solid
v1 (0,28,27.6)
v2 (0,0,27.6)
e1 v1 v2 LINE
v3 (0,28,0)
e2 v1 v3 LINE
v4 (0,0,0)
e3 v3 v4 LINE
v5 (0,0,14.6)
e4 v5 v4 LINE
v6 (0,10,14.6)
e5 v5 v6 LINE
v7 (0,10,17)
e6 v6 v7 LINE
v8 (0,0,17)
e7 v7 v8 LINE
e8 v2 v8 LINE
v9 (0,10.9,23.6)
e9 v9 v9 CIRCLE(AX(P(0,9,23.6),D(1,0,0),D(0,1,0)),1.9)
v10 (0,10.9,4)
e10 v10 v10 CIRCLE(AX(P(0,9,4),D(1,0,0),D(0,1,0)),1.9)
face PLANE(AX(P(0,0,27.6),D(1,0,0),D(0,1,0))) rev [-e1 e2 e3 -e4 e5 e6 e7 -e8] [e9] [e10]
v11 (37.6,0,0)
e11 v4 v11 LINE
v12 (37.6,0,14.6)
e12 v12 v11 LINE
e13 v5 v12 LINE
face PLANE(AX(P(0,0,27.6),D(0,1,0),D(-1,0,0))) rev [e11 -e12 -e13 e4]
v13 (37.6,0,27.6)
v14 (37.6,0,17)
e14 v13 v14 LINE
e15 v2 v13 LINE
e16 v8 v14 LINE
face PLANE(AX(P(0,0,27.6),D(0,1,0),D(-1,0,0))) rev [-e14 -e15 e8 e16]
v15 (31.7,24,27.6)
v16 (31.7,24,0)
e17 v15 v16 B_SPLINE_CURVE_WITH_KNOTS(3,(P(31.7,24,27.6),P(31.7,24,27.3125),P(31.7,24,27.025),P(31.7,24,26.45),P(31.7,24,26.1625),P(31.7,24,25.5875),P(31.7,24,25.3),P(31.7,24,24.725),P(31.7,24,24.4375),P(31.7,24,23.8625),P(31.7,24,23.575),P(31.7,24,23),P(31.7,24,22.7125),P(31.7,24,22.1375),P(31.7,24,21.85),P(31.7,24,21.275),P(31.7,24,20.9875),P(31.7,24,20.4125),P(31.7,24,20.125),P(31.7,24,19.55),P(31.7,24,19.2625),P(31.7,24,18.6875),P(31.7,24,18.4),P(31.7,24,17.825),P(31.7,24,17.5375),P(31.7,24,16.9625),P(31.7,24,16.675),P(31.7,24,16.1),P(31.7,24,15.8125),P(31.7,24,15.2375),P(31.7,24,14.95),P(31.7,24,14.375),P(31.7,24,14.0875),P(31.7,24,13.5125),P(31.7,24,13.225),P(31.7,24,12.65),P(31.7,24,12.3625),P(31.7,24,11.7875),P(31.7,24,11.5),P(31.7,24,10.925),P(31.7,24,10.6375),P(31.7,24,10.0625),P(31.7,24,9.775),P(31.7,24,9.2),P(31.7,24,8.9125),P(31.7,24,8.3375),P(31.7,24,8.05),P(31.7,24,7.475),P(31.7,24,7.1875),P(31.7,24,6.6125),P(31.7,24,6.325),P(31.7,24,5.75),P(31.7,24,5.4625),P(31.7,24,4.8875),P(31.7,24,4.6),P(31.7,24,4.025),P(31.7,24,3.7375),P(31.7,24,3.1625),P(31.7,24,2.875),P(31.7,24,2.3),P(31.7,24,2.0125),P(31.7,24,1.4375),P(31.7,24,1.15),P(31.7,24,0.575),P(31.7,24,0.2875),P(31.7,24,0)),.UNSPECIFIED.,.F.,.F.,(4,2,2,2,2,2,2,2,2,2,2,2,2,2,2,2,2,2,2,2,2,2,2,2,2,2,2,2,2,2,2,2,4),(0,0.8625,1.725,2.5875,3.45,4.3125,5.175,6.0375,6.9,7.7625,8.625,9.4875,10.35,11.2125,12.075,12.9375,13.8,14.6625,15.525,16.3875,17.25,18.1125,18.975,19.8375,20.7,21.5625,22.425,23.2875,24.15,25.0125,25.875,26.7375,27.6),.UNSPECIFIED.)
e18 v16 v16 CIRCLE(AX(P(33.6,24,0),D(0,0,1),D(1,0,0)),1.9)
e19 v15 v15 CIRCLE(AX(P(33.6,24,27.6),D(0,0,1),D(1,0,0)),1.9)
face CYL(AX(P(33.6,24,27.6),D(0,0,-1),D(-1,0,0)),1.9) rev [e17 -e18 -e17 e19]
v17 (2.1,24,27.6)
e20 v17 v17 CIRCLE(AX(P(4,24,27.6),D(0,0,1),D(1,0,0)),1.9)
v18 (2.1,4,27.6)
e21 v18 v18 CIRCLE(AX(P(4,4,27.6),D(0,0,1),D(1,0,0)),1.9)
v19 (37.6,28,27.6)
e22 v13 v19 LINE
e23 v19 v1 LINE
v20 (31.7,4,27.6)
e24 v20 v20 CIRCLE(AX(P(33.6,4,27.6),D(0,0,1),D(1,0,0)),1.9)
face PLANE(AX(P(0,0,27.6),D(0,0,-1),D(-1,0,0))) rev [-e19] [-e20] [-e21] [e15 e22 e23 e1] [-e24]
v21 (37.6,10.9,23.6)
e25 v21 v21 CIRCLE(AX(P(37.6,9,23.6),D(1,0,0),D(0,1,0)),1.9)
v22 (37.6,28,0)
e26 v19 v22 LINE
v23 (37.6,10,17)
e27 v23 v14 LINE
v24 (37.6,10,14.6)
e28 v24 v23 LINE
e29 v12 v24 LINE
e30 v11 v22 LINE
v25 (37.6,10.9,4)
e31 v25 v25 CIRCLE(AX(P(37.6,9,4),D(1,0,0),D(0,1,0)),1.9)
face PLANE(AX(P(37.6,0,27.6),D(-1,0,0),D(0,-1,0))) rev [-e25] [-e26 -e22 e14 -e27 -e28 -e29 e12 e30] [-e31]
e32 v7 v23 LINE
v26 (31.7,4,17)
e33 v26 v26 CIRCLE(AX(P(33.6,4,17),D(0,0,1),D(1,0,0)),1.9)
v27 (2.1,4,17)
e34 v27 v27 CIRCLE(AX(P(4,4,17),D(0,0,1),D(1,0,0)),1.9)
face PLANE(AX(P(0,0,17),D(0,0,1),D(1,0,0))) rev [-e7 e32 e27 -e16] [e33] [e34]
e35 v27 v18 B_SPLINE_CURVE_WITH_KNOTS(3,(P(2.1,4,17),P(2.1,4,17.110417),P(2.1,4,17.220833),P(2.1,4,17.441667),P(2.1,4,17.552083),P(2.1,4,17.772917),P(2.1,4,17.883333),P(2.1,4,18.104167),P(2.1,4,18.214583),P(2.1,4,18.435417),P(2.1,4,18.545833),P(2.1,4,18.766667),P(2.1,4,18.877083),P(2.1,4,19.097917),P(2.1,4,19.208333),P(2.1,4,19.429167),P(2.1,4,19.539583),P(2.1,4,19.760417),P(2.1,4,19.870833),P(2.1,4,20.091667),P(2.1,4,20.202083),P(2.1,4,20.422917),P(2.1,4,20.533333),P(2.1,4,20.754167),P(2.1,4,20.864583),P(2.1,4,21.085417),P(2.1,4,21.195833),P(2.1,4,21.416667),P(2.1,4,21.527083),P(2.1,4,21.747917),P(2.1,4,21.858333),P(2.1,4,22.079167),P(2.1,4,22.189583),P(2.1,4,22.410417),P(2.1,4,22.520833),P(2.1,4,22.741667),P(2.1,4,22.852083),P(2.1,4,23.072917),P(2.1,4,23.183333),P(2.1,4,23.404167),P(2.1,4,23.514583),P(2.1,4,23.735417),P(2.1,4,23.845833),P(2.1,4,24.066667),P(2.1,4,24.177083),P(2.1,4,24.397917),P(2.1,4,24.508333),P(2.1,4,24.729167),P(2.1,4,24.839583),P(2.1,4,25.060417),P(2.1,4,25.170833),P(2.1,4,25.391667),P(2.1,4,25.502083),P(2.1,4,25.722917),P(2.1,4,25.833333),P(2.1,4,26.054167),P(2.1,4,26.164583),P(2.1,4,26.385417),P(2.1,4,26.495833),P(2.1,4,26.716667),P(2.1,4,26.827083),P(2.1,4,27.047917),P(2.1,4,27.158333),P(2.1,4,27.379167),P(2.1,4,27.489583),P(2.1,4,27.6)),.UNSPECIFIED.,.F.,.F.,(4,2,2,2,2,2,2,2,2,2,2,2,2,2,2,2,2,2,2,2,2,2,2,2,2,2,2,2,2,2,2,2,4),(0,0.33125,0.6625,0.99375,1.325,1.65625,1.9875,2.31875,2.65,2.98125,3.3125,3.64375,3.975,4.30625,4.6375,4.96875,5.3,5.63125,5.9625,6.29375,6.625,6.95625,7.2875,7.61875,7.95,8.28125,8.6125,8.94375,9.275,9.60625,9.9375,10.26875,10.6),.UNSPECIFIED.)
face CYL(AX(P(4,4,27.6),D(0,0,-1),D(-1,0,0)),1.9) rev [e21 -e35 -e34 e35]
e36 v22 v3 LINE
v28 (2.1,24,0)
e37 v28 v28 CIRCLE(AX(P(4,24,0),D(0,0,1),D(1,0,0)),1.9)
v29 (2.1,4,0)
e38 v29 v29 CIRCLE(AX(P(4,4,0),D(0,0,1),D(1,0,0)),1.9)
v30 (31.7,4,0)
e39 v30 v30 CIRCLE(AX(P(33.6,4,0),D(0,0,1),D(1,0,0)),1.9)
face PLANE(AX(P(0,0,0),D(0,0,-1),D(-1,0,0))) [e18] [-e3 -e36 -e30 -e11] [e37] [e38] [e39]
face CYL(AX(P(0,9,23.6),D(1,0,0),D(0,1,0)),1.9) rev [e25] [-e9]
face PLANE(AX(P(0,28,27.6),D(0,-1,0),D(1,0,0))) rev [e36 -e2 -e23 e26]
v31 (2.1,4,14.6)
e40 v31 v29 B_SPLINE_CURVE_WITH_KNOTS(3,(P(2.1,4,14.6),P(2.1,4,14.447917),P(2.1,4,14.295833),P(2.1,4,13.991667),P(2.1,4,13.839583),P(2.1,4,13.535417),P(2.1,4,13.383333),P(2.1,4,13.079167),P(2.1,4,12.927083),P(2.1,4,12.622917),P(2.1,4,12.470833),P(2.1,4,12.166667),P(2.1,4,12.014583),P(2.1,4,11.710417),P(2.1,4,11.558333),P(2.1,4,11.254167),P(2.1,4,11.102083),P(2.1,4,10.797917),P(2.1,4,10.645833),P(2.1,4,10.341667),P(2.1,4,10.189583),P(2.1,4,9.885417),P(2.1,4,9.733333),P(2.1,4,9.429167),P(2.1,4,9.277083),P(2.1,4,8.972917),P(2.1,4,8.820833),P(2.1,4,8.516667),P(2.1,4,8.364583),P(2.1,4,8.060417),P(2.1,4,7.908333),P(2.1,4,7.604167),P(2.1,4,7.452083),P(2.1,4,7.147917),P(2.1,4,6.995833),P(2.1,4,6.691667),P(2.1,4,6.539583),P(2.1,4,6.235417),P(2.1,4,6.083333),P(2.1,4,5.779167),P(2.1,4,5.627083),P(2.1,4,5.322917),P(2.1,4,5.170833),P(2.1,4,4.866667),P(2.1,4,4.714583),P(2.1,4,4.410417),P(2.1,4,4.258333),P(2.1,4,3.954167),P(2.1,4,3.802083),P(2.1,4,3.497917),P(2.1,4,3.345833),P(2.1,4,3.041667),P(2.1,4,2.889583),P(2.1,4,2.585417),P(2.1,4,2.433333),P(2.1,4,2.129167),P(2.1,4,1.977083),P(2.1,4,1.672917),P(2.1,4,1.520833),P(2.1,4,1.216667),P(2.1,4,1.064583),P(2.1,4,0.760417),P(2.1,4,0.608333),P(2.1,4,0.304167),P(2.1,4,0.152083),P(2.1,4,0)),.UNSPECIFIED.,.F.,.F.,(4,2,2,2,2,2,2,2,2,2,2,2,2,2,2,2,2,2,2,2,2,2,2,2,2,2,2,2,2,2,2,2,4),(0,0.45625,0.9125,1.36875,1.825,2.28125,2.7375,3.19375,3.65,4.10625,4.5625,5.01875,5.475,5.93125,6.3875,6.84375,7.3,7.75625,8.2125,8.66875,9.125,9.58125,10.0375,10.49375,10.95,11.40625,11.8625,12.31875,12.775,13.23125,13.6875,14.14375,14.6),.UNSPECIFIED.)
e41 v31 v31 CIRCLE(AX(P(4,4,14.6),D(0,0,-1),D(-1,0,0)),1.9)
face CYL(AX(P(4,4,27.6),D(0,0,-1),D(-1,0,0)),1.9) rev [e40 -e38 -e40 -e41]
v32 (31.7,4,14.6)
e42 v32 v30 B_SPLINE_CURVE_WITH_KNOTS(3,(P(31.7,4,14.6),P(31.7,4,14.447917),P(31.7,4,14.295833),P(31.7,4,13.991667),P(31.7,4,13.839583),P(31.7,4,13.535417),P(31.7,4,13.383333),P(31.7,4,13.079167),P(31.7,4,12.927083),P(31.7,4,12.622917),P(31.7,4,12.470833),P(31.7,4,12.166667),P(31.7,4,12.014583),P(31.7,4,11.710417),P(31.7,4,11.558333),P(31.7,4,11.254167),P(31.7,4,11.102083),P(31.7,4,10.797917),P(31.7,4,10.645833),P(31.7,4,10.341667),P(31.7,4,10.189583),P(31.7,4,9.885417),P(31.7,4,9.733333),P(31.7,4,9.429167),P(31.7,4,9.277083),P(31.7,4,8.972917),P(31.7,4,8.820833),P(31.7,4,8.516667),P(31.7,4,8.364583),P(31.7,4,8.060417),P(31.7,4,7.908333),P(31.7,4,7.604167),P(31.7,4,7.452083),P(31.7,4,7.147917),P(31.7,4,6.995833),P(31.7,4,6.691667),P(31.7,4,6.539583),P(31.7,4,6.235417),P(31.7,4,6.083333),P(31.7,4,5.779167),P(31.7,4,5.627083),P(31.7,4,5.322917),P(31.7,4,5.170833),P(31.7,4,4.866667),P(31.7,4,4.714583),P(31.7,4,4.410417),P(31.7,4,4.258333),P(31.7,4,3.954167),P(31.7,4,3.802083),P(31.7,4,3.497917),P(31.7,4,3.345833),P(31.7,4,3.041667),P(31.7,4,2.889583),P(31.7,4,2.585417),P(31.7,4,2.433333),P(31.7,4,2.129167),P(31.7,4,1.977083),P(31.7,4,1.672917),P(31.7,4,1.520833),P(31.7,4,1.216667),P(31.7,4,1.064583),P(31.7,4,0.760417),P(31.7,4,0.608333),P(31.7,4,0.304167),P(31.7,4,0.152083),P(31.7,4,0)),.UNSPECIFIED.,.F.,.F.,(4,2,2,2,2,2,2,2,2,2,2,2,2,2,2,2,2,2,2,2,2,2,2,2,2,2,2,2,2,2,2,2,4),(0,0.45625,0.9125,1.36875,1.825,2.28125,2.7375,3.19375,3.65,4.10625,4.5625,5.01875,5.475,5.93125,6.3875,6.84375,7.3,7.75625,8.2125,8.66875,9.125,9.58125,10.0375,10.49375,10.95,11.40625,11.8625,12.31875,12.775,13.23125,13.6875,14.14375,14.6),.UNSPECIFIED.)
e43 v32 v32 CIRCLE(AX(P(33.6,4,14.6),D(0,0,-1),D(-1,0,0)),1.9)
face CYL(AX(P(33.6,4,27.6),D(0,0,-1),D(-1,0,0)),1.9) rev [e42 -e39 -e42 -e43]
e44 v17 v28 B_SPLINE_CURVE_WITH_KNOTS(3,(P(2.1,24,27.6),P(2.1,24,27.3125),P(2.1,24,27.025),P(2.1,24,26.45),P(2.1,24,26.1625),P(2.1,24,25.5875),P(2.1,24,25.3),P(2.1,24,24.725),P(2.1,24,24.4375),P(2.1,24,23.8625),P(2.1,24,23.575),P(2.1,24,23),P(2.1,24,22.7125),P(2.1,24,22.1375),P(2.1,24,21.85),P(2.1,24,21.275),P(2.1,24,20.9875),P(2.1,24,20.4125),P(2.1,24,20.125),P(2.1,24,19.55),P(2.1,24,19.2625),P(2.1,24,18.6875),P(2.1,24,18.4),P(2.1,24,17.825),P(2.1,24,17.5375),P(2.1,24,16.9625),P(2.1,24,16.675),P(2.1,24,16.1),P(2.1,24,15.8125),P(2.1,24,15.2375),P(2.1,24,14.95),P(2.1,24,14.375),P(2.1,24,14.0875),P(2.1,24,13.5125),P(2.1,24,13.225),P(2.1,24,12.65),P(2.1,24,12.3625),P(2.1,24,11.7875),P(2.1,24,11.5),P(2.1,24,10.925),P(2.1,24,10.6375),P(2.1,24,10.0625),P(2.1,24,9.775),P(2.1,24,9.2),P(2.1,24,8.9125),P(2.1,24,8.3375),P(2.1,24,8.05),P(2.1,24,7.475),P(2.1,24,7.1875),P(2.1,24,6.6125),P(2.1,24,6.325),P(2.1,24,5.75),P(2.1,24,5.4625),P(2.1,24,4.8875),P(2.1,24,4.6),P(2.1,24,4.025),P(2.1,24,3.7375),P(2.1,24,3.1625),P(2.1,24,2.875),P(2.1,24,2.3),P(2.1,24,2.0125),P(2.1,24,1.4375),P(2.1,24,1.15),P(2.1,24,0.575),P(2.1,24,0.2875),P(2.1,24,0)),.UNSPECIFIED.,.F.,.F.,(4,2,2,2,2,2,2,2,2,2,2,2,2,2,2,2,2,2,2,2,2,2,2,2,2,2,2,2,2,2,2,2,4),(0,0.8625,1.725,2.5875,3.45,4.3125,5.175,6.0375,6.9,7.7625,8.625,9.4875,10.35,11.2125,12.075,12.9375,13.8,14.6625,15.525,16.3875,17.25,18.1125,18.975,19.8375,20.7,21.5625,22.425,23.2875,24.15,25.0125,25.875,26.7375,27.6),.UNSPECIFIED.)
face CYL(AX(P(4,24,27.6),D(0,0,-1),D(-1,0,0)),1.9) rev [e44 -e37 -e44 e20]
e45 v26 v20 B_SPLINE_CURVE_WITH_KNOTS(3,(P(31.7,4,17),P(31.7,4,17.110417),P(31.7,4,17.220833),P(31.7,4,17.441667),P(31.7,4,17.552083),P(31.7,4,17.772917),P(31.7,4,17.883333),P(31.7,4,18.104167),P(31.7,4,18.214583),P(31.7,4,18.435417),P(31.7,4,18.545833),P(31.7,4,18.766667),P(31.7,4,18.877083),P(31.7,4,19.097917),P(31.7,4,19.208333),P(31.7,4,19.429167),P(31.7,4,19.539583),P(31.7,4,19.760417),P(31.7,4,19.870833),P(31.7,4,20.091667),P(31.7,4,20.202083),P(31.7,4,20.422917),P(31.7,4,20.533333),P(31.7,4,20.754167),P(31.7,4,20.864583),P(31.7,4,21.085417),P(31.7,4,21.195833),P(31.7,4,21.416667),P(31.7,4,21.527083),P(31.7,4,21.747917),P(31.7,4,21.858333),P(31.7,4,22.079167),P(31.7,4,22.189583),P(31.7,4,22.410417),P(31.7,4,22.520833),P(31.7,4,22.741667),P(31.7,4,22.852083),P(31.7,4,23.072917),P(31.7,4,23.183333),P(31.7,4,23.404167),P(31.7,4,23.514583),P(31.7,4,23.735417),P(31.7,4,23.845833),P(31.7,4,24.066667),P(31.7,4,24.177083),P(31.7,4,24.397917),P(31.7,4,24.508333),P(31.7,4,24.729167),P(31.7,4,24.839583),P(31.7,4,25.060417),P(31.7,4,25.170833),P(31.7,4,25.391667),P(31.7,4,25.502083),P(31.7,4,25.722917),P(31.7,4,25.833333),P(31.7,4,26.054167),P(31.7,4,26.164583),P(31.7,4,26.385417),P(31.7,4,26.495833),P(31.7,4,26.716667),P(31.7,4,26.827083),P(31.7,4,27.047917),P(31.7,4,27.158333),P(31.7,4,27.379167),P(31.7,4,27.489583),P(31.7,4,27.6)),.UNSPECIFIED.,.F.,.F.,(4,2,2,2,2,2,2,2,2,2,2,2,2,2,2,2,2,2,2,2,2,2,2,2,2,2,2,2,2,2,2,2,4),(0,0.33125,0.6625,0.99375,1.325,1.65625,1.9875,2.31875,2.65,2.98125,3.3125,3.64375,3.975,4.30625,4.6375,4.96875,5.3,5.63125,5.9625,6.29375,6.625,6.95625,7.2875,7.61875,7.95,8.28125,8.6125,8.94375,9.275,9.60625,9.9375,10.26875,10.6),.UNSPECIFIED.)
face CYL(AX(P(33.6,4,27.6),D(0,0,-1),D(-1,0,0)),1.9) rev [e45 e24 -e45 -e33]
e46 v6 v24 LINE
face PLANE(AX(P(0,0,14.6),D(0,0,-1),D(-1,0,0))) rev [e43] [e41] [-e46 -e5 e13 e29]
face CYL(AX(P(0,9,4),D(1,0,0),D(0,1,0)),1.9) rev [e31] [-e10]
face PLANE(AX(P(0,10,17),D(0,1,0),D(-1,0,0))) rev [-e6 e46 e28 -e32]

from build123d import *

# Parameters (mm, degrees)
SKETCH_1_W          = 37.6
SKETCH_1_H          = 28
SKETCH_1_R          = 1.9
EXTRUDE_1_DEPTH     = 27.6
SKETCH_2_R          = 1.9
SKETCH_2_W          = 2.4
SKETCH_2_H          = 10
CUT_EXTRUDE_1_DEPTH = 55.401470568


with BuildPart() as part:
    # 草图1 → 凸台-拉伸1 (new body)
    with BuildSketch(Plane.XY):
        with Locations((18.8, 14)):
            Rectangle(SKETCH_1_W, SKETCH_1_H)
        with Locations(Location((4, 24, 0), (0, 0, 180))):
            Circle(SKETCH_1_R, mode=Mode.SUBTRACT)
        with Locations(Location((33.6, 24, 0), (0, 0, 180))):
            Circle(SKETCH_1_R, mode=Mode.SUBTRACT)
        with Locations(Location((33.6, 4, 0), (0, 0, 180))):
            Circle(SKETCH_1_R, mode=Mode.SUBTRACT)
        with Locations(Location((4, 4, 0), (0, 0, 180))):
            Circle(SKETCH_1_R, mode=Mode.SUBTRACT)
    extrude(amount=EXTRUDE_1_DEPTH)

    # 草图2 → 切除-拉伸1 (cut, through all)
    with BuildSketch(Plane(origin=(37.6, 0, 0), x_dir=(0, 0, -1), z_dir=(1, 0, 0))):
        with Locations(Location((-23.6, 9, 0), (0, 0, 90))):
            Circle(SKETCH_2_R)
        with Locations(Location((-4, 9, 0), (0, 0, 90))):
            Circle(SKETCH_2_R)
        with Locations((-15.8, 5)):
            Rectangle(SKETCH_2_W, SKETCH_2_H)
    extrude(amount=-CUT_EXTRUDE_1_DEPTH, mode=Mode.SUBTRACT)


solid = part.part
